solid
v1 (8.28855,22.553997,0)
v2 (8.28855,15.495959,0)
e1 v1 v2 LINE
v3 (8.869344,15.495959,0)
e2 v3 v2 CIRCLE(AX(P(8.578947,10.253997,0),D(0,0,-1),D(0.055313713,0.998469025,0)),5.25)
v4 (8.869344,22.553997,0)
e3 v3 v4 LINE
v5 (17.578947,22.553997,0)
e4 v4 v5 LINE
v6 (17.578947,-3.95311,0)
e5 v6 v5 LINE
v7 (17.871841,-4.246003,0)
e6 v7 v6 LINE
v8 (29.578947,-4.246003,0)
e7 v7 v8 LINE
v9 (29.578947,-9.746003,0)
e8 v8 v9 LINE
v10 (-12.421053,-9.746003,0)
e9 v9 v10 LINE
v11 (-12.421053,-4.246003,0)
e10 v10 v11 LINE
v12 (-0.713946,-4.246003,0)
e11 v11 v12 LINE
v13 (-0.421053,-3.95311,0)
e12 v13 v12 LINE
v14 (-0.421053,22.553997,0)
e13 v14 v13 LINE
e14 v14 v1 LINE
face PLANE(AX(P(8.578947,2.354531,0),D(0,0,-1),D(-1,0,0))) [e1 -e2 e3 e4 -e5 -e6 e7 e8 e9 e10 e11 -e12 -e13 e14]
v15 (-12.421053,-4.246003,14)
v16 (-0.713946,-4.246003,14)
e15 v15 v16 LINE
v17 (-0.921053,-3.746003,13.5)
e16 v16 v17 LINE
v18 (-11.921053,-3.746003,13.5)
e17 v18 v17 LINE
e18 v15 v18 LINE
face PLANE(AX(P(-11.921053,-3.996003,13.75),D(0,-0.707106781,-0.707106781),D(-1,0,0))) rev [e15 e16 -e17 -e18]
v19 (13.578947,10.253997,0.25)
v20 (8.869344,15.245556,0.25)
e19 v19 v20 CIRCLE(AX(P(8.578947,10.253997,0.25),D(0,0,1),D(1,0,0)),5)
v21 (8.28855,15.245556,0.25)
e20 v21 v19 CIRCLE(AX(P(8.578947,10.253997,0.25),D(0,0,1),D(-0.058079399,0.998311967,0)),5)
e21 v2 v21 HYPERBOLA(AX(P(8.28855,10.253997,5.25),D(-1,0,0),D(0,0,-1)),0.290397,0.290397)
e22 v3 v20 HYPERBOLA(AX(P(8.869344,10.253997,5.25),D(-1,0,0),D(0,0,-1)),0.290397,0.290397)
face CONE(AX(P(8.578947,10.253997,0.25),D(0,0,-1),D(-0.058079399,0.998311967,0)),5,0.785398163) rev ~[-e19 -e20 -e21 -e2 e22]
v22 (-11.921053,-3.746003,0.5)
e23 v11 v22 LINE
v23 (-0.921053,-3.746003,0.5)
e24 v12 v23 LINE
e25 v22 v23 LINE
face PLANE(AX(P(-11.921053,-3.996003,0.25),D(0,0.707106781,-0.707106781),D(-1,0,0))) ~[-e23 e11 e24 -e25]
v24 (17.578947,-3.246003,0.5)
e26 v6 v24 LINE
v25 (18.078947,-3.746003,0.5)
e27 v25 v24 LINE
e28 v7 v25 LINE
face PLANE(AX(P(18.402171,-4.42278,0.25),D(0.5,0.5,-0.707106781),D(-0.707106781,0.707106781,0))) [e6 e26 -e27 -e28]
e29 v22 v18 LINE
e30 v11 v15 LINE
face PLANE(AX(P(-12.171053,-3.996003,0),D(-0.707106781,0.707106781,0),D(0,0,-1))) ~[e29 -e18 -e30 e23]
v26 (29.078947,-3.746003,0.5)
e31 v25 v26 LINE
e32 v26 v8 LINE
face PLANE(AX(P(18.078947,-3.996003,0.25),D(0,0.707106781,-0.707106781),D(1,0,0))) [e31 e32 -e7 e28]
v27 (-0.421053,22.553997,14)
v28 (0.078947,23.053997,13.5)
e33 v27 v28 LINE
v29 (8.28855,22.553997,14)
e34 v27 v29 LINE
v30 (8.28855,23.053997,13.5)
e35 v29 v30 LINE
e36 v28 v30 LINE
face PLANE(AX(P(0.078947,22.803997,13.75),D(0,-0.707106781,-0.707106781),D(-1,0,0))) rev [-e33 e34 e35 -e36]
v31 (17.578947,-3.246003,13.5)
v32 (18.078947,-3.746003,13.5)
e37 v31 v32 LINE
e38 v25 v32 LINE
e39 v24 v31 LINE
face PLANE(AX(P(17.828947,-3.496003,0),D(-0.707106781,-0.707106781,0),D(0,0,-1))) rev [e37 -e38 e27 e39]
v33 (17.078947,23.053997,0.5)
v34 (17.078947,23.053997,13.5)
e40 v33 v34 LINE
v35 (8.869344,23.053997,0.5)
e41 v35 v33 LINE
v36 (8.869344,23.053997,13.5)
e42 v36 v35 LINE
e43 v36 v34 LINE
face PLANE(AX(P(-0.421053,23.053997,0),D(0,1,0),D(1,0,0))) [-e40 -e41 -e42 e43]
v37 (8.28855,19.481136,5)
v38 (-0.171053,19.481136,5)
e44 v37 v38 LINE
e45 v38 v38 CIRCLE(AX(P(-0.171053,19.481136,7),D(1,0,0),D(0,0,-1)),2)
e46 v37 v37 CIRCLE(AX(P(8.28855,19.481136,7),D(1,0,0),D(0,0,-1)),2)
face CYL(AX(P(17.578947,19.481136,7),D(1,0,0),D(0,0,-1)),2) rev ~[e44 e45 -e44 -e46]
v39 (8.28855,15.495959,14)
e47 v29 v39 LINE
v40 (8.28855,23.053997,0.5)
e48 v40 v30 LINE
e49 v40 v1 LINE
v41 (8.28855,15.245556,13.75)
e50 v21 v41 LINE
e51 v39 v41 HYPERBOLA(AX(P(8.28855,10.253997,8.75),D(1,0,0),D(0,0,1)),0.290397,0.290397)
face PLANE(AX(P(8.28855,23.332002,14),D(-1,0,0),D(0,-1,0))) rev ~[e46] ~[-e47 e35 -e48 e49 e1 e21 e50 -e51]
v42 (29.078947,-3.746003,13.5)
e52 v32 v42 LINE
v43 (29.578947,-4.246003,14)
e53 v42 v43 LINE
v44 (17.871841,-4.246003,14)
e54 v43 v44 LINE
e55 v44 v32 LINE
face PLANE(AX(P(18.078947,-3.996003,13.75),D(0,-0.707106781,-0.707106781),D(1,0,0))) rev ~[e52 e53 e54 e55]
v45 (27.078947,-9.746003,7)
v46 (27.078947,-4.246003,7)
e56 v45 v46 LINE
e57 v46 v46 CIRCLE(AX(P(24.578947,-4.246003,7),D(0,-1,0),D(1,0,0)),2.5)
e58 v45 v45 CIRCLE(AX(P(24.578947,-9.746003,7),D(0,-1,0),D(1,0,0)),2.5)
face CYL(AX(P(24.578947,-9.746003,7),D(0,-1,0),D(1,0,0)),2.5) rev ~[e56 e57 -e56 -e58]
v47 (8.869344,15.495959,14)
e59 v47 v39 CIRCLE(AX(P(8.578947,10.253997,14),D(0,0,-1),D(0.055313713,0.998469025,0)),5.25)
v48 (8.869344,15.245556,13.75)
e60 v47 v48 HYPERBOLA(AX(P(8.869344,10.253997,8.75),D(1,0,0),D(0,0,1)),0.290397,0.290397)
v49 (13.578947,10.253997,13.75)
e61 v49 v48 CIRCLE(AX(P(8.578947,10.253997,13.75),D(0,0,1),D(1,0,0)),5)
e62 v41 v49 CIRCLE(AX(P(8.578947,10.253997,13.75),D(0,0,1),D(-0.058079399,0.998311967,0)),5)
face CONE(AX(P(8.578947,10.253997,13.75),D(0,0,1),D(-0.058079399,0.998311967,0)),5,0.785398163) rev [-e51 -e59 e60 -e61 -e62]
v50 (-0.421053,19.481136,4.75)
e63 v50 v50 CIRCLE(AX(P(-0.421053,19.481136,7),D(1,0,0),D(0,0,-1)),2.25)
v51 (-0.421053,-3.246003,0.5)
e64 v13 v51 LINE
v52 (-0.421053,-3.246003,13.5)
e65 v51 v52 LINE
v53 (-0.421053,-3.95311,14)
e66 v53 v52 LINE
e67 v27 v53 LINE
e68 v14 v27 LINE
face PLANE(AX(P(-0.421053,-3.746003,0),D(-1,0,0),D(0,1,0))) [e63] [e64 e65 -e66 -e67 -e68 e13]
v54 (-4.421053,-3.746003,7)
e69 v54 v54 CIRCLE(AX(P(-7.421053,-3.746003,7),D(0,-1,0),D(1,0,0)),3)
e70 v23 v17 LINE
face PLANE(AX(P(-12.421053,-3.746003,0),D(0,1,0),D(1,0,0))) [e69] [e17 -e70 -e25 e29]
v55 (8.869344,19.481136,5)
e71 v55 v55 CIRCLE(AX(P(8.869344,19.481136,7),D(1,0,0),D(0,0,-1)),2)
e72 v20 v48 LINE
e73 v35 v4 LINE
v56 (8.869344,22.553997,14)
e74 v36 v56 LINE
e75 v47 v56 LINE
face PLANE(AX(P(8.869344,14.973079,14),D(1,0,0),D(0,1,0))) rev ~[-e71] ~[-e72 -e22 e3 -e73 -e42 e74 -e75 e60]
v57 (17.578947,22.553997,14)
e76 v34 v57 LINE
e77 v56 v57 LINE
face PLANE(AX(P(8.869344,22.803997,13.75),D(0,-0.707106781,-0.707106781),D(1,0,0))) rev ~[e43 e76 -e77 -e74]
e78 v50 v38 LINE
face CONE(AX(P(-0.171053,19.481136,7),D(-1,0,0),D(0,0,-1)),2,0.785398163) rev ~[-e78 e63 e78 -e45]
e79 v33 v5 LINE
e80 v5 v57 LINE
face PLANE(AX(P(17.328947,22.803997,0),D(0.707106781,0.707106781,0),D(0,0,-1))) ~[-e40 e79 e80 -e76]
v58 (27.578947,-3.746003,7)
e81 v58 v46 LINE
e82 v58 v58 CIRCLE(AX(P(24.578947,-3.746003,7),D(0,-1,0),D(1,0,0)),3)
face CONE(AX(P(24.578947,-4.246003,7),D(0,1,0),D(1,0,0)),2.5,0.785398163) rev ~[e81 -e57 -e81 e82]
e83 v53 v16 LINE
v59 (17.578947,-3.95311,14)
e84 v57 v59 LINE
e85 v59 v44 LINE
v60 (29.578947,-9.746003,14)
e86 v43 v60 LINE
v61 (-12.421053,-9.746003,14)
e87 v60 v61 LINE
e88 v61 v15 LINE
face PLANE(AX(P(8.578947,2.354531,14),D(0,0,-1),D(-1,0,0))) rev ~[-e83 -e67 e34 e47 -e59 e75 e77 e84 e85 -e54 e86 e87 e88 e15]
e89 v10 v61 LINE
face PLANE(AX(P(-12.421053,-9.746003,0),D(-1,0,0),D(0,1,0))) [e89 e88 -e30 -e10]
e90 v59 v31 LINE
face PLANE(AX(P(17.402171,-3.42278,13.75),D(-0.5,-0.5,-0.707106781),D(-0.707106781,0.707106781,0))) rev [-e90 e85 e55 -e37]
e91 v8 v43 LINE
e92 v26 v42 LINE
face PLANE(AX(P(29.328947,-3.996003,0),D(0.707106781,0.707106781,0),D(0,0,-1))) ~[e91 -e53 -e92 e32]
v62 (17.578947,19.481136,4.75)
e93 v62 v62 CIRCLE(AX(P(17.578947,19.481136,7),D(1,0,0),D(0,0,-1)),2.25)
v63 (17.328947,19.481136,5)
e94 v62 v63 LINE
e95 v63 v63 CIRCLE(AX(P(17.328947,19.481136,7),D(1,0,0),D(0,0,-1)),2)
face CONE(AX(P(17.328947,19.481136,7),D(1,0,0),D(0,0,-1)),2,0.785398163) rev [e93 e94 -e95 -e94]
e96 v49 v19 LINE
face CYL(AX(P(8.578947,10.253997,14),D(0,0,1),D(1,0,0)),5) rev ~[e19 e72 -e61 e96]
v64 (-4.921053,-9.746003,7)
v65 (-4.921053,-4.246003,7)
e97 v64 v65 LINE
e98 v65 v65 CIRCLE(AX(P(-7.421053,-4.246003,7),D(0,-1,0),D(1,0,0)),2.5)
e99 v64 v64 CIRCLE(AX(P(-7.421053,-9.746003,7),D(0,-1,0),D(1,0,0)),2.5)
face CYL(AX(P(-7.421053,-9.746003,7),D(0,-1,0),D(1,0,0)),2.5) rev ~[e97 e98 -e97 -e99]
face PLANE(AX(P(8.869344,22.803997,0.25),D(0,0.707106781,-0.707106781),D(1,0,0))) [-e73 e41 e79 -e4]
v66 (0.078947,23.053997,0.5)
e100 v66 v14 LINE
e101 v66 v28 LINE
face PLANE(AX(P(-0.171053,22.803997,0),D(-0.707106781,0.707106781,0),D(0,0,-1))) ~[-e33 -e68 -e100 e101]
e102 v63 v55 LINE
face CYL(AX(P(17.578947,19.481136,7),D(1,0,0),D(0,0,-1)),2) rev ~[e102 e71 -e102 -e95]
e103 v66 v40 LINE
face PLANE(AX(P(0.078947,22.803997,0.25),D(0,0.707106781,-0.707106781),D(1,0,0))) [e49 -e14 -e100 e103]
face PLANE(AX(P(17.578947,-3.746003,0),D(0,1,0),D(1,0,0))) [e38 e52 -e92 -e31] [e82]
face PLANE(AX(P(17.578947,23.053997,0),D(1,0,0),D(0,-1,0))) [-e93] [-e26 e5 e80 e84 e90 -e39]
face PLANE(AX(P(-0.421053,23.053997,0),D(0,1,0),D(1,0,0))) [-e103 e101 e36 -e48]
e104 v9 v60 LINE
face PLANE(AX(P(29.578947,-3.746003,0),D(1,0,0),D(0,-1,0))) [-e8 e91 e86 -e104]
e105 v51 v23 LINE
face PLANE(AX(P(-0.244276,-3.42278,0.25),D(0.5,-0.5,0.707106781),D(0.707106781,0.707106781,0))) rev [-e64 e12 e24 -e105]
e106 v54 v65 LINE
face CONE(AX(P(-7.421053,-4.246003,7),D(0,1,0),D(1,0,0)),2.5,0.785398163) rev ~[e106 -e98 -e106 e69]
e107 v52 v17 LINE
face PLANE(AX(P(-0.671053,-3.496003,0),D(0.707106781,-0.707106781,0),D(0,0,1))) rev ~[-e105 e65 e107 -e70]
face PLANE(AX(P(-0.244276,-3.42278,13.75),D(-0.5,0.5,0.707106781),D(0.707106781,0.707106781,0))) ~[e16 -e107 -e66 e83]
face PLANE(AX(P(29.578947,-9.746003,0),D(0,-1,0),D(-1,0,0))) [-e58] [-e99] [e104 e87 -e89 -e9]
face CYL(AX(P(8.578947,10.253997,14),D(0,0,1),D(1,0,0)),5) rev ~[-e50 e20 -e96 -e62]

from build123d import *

# Parameters (mm, degrees)
BOSS_EXTRUDE1_DEPTH = 14
CHAMFER1_SIZE       = 0.5
CHAMFER2_SIZE       = 0.5
CHAMFER3_SIZE       = 0.5
CHAMFER4_SIZE       = 0.5
CHAMFER5_SIZE       = 0.5
CHAMFER6_SIZE       = 0.5
SKETCH2_R           = 5
CUT_EXTRUDE2_DEPTH  = 14
CUT_EXTRUDE3_DEPTH  = 14
SKETCH4_R           = 2
CUT_EXTRUDE4_DEPTH  = 25
SKETCH5_R           = 2.5
CUT_EXTRUDE5_DEPTH  = 25
CHAMFER7_SIZE       = 0.5
CHAMFER8_SIZE       = 0.5
CHAMFER9_SIZE       = 0.5
CHAMFER10_SIZE      = 0.5
CHAMFER11_SIZE      = 0.5
CHAMFER12_SIZE      = 0.5
CHAMFER13_SIZE      = 0.5
CHAMFER14_SIZE      = 0.5
CHAMFER15_SIZE      = 0.5
CHAMFER16_SIZE      = 0.25
CHAMFER17_SIZE      = 0.25
CHAMFER18_SIZE      = 0.25


with BuildPart() as part:
    # Sketch1 → Boss-Extrude1 (new body)
    with BuildSketch(Plane.XY):
        Polygon((-0.421052632, -3.746003341), (-0.421052632, 23.053996659), (17.578947368, 23.053996659), (17.578947368, -3.746003341), (29.578947368, -3.746003341), (29.578947368, -9.746003341), (-12.421052632, -9.746003341), (-12.421052632, -3.746003341), align=None)
    extrude(amount=BOSS_EXTRUDE1_DEPTH)

    # Chamfer1
    chamfer1_edges = [part.edges().sort_by_distance(p)[0] for p in [
        (17.578947368, -3.746003341, 7),
    ]]
    chamfer(chamfer1_edges, length=CHAMFER1_SIZE)

    # Chamfer2
    chamfer2_edges = [part.edges().sort_by_distance(p)[0] for p in [
        (-0.421052632, -3.746003341, 7),
    ]]
    chamfer(chamfer2_edges, length=CHAMFER2_SIZE)

    # Chamfer3
    chamfer3_edges = [part.edges().sort_by_distance(p)[0] for p in [
        (-12.421052632, -3.746003341, 7),
    ]]
    chamfer(chamfer3_edges, length=CHAMFER3_SIZE)

    # Chamfer4
    chamfer4_edges = [part.edges().sort_by_distance(p)[0] for p in [
        (29.578947368, -3.746003341, 7),
    ]]
    chamfer(chamfer4_edges, length=CHAMFER4_SIZE)

    # Chamfer5
    chamfer5_edges = [part.edges().sort_by_distance(p)[0] for p in [
        (17.578947368, 23.053996659, 7),
    ]]
    chamfer(chamfer5_edges, length=CHAMFER5_SIZE)

    # Chamfer6
    chamfer6_edges = [part.edges().sort_by_distance(p)[0] for p in [
        (-0.421052632, 23.053996659, 7),
    ]]
    chamfer(chamfer6_edges, length=CHAMFER6_SIZE)

    # Sketch2 → Cut-Extrude2 (cut)
    with BuildSketch(Plane.XY.offset(14)):
        with Locations((8.578947368, 10.253996659)):
            Circle(SKETCH2_R)
    extrude(amount=-CUT_EXTRUDE2_DEPTH, mode=Mode.SUBTRACT)

    # Sketch3 → Cut-Extrude3 (cut)
    with BuildSketch(Plane.XY.offset(14)):
        Polygon((8.288550375, 23.332002233), (8.288550375, 14.543053955), (8.869344362, 14.973079178), (8.869344362, 23.332002233), align=None)
    extrude(amount=-CUT_EXTRUDE3_DEPTH, mode=Mode.SUBTRACT)

    # Sketch4 → Cut-Extrude4 (cut)
    with BuildSketch(Plane(origin=(17.578947368, 0, 0), x_dir=(0, 0, -1), z_dir=(1, 0, 0))):
        with Locations((-7, 19.481136132)):
            Circle(SKETCH4_R)
    extrude(amount=-CUT_EXTRUDE4_DEPTH, mode=Mode.SUBTRACT)

    # Sketch5 → Cut-Extrude5 (cut)
    with BuildSketch(Plane.XZ.offset(9.746003341)):
        with Locations((-7.421052632, 7)):
            Circle(SKETCH5_R)
        with Locations((24.578947368, 7)):
            Circle(SKETCH5_R)
    extrude(amount=-CUT_EXTRUDE5_DEPTH, mode=Mode.SUBTRACT)

    # Chamfer7
    chamfer7_edges = [part.edges().sort_by_distance(p)[0] for p in [
        (-9.921052632, -3.746003341, 7),
    ]]
    chamfer(chamfer7_edges, length=CHAMFER7_SIZE)

    # Chamfer8
    chamfer8_edges = [part.edges().sort_by_distance(p)[0] for p in [
        (22.078947368, -3.746003341, 7),
    ]]
    chamfer(chamfer8_edges, length=CHAMFER8_SIZE)

    # Chamfer9
    chamfer9_edges = [part.edges().sort_by_distance(p)[0] for p in [
        (23.578947368, -3.746003341, 14),
    ]]
    chamfer(chamfer9_edges, length=CHAMFER9_SIZE)

    # Chamfer10
    chamfer10_edges = [part.edges().sort_by_distance(p)[0] for p in [
        (18.328947368, -3.996003341, 14),
    ]]
    chamfer(chamfer10_edges, length=CHAMFER10_SIZE)

    # Chamfer11
    chamfer11_edges = [part.edges().sort_by_distance(p)[0] for p in [
        (23.578947368, -3.746003341, 0),
    ]]
    chamfer(chamfer11_edges, length=CHAMFER11_SIZE)

    # Chamfer12
    chamfer12_edges = [part.edges().sort_by_distance(p)[0] for p in [
        (18.328947368, -3.996003341, 0),
    ]]
    chamfer(chamfer12_edges, length=CHAMFER12_SIZE)

    # Chamfer13
    chamfer13_edges = [part.edges().sort_by_distance(p)[0] for p in [
        (4.183748872, 23.053996659, 0),
        (12.974145865, 23.053996659, 0),
    ]]
    chamfer(chamfer13_edges, length=CHAMFER13_SIZE)

    # Chamfer14
    chamfer14_edges = [part.edges().sort_by_distance(p)[0] for p in [
        (12.974145865, 23.053996659, 14),
        (4.183748872, 23.053996659, 14),
    ]]
    chamfer(chamfer14_edges, length=CHAMFER14_SIZE)

    # Chamfer15
    chamfer15_edges = [part.edges().sort_by_distance(p)[0] for p in [
        (-0.671052632, -3.496003341, 0),
        (-6.421052632, -3.746003341, 0),
        (-0.671052632, -3.496003341, 14),
        (-6.421052632, -3.746003341, 14),
    ]]
    chamfer(chamfer15_edges, length=CHAMFER15_SIZE)

    # Chamfer16
    chamfer16_edges = [part.edges().sort_by_distance(p)[0] for p in [
        (5.147619999, 6.617240896, 0),
        (5.147619999, 6.617240896, 14),
    ]]
    chamfer(chamfer16_edges, length=CHAMFER16_SIZE)

    # Chamfer17
    chamfer17_edges = [part.edges().sort_by_distance(p)[0] for p in [
        (-0.421052632, 19.481136132, 9),
    ]]
    chamfer(chamfer17_edges, length=CHAMFER17_SIZE)

    # Chamfer18
    chamfer18_edges = [part.edges().sort_by_distance(p)[0] for p in [
        (17.578947368, 19.481136132, 9),
    ]]
    chamfer(chamfer18_edges, length=CHAMFER18_SIZE)


solid = part.part
